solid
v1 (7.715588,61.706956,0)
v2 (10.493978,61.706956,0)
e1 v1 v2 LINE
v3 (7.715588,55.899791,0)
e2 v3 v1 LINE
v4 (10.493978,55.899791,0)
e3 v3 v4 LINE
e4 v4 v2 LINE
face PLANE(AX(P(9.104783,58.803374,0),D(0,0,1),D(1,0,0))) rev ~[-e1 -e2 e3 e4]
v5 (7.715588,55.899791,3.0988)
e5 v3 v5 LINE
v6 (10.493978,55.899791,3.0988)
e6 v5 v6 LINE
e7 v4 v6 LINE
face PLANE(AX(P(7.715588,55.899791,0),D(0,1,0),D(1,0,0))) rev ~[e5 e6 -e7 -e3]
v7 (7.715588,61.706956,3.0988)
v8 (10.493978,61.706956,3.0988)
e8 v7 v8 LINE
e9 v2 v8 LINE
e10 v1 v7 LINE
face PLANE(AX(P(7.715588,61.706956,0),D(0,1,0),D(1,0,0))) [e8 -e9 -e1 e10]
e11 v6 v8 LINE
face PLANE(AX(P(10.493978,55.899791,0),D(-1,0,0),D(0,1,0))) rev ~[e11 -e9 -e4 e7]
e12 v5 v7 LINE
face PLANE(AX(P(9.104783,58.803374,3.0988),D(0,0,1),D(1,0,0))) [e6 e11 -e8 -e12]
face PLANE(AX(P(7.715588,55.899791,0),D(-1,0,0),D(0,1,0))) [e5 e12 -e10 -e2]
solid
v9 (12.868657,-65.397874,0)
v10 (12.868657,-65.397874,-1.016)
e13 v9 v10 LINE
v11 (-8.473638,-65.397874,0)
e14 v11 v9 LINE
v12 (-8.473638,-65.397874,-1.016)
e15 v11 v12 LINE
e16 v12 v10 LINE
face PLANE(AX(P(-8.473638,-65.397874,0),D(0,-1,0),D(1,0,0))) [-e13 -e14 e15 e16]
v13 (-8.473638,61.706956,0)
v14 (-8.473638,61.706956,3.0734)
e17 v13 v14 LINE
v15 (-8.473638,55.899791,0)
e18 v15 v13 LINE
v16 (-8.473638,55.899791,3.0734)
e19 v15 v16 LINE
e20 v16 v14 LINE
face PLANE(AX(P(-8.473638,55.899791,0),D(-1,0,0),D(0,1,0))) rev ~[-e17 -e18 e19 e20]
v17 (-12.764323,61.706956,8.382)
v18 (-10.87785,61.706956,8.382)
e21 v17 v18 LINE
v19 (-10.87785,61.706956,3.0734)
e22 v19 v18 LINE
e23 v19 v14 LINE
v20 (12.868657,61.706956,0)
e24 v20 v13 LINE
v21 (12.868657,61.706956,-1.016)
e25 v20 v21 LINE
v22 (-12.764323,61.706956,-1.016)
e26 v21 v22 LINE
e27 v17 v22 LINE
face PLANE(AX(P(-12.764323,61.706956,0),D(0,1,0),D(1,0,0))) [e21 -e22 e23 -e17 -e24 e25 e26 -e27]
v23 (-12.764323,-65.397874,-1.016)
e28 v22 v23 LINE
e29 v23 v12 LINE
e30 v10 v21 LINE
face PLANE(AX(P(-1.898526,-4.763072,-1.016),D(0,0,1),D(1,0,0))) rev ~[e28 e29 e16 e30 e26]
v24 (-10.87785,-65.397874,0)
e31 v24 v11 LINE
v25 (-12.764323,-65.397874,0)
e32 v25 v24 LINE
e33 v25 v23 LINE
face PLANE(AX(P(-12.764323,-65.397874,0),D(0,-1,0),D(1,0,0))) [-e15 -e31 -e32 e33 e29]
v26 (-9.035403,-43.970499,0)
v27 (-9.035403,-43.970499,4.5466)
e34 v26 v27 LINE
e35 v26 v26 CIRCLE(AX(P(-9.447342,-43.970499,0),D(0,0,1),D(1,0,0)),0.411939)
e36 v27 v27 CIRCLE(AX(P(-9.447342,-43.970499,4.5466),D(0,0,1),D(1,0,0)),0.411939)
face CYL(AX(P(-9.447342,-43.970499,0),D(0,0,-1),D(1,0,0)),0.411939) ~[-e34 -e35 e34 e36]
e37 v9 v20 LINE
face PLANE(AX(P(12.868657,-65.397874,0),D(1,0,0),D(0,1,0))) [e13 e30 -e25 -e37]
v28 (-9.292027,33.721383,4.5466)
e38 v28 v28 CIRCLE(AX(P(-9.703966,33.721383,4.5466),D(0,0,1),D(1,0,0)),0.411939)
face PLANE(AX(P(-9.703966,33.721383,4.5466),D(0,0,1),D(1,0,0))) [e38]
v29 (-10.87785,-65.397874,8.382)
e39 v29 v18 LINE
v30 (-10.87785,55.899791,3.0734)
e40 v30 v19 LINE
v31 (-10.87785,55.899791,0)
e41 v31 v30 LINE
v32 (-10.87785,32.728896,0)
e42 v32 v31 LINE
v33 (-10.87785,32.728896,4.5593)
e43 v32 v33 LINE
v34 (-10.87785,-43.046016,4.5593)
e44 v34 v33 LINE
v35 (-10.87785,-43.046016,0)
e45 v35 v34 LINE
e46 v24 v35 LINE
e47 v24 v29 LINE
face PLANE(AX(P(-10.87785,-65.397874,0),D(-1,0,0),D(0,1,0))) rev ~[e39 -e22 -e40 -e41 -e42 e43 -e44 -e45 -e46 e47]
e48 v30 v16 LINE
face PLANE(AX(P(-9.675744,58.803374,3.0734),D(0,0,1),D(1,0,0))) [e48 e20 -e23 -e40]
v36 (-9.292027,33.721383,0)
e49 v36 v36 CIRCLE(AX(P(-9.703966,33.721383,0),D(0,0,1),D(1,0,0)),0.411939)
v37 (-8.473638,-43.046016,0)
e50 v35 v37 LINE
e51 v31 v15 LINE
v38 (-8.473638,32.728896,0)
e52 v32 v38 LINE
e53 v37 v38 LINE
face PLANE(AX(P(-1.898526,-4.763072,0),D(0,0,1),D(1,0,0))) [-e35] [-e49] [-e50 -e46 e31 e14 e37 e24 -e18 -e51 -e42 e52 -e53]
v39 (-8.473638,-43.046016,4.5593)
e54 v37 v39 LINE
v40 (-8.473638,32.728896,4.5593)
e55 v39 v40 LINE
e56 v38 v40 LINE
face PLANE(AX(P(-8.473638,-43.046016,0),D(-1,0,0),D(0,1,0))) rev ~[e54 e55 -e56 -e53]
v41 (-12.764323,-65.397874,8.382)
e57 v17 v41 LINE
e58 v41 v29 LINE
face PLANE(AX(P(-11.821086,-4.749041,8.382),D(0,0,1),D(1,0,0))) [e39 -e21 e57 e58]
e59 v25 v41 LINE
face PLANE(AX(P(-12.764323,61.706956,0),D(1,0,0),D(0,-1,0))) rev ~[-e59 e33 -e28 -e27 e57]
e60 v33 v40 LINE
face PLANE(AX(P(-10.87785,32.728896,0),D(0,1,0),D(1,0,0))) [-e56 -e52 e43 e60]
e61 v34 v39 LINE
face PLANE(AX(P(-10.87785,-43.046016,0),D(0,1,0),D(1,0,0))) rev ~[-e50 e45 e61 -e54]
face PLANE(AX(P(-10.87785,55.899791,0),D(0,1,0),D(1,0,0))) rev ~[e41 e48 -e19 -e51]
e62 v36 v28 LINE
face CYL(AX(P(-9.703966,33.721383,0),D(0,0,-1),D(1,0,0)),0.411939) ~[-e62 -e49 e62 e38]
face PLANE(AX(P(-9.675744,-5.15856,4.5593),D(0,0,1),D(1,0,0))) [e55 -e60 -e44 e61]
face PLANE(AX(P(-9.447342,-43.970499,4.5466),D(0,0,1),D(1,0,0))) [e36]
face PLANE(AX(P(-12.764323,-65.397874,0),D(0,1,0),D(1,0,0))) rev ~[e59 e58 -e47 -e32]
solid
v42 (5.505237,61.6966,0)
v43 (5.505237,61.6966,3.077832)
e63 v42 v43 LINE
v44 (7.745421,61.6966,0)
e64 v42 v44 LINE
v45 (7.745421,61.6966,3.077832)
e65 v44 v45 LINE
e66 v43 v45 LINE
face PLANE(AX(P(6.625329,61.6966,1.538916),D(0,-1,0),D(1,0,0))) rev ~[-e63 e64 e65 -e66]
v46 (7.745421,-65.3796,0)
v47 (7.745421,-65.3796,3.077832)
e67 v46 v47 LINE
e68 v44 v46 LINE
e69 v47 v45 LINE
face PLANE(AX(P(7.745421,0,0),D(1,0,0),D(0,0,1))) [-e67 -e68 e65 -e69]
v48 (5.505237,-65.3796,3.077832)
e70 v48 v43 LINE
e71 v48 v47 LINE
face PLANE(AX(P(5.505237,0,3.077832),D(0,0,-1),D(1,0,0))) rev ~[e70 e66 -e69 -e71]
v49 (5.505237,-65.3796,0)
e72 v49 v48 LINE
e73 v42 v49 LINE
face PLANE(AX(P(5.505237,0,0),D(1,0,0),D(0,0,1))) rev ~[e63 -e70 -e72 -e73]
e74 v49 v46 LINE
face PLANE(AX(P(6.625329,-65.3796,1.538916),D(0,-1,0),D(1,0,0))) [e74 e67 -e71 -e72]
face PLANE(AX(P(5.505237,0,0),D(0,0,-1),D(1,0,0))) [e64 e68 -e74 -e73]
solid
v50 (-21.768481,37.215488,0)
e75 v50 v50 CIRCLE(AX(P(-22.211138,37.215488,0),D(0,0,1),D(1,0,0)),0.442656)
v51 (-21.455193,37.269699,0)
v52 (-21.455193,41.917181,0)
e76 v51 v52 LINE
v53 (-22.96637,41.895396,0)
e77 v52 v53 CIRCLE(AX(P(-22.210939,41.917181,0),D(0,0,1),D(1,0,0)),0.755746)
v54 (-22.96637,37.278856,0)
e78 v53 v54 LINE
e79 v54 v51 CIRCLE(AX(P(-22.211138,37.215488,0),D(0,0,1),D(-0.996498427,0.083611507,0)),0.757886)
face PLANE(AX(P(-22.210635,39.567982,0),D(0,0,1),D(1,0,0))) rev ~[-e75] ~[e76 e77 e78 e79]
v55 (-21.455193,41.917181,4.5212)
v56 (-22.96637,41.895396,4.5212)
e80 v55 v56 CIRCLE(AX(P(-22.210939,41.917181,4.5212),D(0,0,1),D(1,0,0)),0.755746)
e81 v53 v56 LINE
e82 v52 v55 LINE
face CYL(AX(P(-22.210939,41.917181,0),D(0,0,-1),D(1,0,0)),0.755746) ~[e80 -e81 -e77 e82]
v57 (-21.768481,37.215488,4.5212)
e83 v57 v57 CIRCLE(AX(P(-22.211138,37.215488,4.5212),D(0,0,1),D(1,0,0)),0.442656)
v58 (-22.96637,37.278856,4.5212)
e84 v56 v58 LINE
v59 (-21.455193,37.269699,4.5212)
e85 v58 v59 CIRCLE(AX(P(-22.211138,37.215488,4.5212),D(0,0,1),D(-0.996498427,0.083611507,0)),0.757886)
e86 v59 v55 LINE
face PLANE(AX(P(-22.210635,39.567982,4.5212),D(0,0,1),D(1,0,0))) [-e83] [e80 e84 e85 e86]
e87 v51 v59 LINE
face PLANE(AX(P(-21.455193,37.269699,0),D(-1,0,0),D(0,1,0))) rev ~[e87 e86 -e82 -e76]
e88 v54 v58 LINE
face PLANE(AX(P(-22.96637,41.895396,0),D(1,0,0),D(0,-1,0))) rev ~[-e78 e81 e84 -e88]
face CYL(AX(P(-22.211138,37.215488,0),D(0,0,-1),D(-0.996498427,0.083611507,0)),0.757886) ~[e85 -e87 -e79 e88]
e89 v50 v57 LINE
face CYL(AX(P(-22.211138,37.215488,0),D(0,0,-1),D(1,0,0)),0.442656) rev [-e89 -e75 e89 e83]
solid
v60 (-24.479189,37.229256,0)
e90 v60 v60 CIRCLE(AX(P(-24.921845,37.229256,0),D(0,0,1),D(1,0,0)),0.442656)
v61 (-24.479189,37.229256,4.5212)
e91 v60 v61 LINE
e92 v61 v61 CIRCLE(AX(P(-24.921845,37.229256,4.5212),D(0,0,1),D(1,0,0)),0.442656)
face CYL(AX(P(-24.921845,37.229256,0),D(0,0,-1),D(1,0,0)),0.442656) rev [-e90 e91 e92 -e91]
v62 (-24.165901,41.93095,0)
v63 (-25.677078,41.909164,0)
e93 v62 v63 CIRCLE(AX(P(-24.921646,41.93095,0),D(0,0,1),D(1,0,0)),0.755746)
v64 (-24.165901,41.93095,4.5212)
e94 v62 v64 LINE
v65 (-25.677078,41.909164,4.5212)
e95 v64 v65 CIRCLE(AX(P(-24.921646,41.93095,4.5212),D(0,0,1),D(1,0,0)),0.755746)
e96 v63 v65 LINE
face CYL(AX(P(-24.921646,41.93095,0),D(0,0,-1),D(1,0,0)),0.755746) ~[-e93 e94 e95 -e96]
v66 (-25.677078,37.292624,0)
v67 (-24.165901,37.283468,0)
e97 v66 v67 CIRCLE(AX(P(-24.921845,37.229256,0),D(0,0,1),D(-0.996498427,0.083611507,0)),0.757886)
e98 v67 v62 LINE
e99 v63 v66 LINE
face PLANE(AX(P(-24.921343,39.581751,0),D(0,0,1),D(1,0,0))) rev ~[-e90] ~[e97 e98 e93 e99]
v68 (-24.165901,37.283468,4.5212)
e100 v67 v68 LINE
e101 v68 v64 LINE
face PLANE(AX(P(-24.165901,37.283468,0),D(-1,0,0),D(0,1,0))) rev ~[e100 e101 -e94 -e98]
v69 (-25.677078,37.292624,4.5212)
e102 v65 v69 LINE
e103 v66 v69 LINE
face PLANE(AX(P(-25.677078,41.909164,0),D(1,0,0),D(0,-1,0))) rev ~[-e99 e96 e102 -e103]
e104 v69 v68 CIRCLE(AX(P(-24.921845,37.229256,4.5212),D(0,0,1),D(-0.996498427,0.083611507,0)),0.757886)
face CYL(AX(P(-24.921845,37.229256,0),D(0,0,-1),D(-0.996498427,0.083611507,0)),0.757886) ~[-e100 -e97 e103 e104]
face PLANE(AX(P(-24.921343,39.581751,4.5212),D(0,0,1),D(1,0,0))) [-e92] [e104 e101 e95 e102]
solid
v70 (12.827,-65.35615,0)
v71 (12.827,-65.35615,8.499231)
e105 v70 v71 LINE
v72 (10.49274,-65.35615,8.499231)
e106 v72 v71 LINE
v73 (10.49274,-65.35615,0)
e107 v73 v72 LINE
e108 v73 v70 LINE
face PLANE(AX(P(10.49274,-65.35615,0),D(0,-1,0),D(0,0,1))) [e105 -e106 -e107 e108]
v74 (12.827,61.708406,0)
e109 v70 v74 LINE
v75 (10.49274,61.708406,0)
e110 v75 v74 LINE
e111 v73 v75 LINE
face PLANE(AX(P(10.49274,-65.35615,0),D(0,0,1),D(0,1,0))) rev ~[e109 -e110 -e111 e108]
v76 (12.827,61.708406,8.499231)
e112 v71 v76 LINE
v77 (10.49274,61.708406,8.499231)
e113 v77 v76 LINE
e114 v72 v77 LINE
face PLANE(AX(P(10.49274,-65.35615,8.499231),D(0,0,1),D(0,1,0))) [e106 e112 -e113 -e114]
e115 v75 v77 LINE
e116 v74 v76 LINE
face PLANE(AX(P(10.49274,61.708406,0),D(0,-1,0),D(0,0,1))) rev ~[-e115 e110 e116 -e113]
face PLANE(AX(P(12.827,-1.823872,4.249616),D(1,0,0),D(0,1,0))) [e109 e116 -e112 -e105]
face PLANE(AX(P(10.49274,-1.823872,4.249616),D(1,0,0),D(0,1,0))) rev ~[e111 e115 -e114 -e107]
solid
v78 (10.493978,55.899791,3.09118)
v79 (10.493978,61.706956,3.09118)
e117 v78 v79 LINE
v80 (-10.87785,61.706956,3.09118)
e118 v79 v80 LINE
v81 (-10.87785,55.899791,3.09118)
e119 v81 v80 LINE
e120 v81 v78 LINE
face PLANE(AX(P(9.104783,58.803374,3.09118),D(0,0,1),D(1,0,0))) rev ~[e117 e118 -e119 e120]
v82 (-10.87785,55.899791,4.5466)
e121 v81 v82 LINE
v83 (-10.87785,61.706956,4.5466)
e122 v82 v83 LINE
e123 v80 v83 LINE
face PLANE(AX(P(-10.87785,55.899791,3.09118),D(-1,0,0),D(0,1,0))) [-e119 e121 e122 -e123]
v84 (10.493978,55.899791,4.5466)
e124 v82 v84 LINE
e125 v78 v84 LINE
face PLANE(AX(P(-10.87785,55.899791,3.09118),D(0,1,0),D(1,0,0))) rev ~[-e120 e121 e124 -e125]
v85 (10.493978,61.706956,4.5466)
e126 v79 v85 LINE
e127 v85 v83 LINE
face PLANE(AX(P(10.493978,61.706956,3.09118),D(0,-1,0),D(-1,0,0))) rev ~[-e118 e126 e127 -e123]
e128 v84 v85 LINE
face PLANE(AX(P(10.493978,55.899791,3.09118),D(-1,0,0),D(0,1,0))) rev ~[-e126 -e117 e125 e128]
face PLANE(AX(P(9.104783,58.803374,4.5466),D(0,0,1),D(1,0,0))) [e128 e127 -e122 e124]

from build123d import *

# Parameters (mm, degrees)
F4_START      = 10.49274
F2_W          = 127.0645558834
F2_H          = 8.4992311895
F4_DEPTH      = 2.33426
F3_W          = 2.2401837632
F3_H          = 3.077831585
F5_DEPTH      = 65.3796
F5_DEPTH_BACK = 61.6966
F0_W          = 2.7783904225
F0_H          = 121.2976649404
F0_W_2        = 2.3746788502
F0_W_3        = 2.2473796271
F0_W_4        = 2.404211089
F0_H_2        = 75.7749117911
F0_W_5        = 13.9418463223
F0_H_3        = 5.8071650565
F0_H_4        = 16.4588093758
F0_H_5        = 15.6432054937
F0_W_6        = 1.8864730373
F0_R          = 0.4426564057
F0_R_2        = 0.4119393831
F6_DEPTH      = 1.016
F7_DEPTH      = 8.382
F8_DEPTH      = 4.5466
F9_DEPTH      = 4.5593
F1_R          = 0.4426564057
F10_DEPTH     = 4.5212
F11_START     = 3.09118
F11_DEPTH     = 1.45542
F12_DEPTH     = 3.0734
F13_DEPTH     = 3.0988


with BuildPart() as f4:
    # F2 (on Right) → F4 (new body)
    with BuildSketch(Plane.YZ.offset(F4_START)):
        with Locations((-1.8238723278, 4.2496155947)):
            Rectangle(F2_W, F2_H)
    extrude(amount=F4_DEPTH)


with BuildPart() as f5:
    # F3 (on Front) → F5 (new body, two sides)
    with BuildSketch(Plane.XZ) as f5_sk:
        with Locations((6.6253291443, 1.5389157925)):
            Rectangle(F3_W, F3_H)
    extrude(amount=F5_DEPTH)
    extrude(f5_sk.sketch, amount=-F5_DEPTH_BACK)


with BuildPart() as f6:
    # F0 (on Top) → F6 (new body)
    with BuildSketch(Plane.XY):
        Polygon((5.4682078771, 55.8997914195), (-8.4736384451, 55.8997914195), (-8.4736384451, 39.4409820437), (-10.8778495342, 39.4409820437), (-10.8778495342, 32.728895545), (-8.4736384451, 32.728895545), (-8.4736384451, -43.0460162461), (-10.8778495342, -43.0460162461), (-10.8778495342, -49.7546680272), (-8.4736384451, -49.7546680272), (-8.4736384451, -65.3978735209), (5.4682078771, -65.3978735209), align=None)
        with BuildLine():
            ThreePointArc((-10.2032869281, -44.0247099272), (-9.4427499575, -43.2126265159), (-8.69210988, -44.0338666908))
            Line((-8.69210988, -44.0338666908), (-8.69210988, -48.6504066161))
            ThreePointArc((-8.69210988, -48.6504066161), (-9.4366474908, -49.42785915), (-10.2032869281, -48.6721921138))
            Line((-10.2032869281, -48.6721921138), (-10.2032869281, -44.0247099272))
        make_face(mode=Mode.SUBTRACT)
        with BuildLine():
            ThreePointArc((-8.9480215684, 33.7755940855), (-9.708558539, 32.9635106741), (-10.4591986164, 33.784750849))
            Line((-10.4591986164, 33.784750849), (-10.4591986164, 38.4012907743))
            ThreePointArc((-10.4591986164, 38.4012907743), (-9.7146610056, 39.1787433082), (-8.9480215684, 38.423076272))
            Line((-8.9480215684, 38.423076272), (-8.9480215684, 33.7755940855))
        make_face(mode=Mode.SUBTRACT)
        with Locations((9.1047827154, -4.7490410507)):
            Rectangle(F0_W, F0_H)
        with Locations((11.6813173518, -4.7490410507)):
            Rectangle(F0_W_2, F0_H)
        with Locations((6.5918976907, -4.7490410507)):
            Rectangle(F0_W_3, F0_H)
        Polygon((-10.8778495342, 55.8997914195), (-12.7643225715, 55.8997914195), (-12.7643225715, -65.3978735209), (-10.8778495342, -65.3978735209), (-10.8778495342, -49.7546680272), (-10.8778495342, -43.0460162461), (-10.8778495342, 32.728895545), (-10.8778495342, 39.4409820437), align=None)
        with Locations((-9.6757439896, -5.1585603505)):
            Rectangle(F0_W_4, F0_H_2)
        with Locations((-1.502715284, 58.8033739477)):
            Rectangle(F0_W_5, F0_H_3)
        with Locations((-9.6757439896, 47.6703867316)):
            Rectangle(F0_W_4, F0_H_4)
        with Locations((-9.6757439896, -57.576270774)):
            Rectangle(F0_W_4, F0_H_5)
        with Locations((9.1047827154, 58.8033739477)):
            Rectangle(F0_W, F0_H_3)
        with Locations((-9.6757439896, 58.8033739477)):
            Rectangle(F0_W_4, F0_H_3)
        with Locations((11.6813173518, 58.8033739477)):
            Rectangle(F0_W_2, F0_H_3)
        with Locations((6.5918976907, 58.8033739477)):
            Rectangle(F0_W_3, F0_H_3)
        with Locations((-11.8210860528, 58.8033739477)):
            Rectangle(F0_W_6, F0_H_3)
        with BuildLine():
            Line((-10.4591986164, 38.4012907743), (-10.4591986164, 33.784750849))
            ThreePointArc((-10.4591986164, 33.784750849), (-9.708558539, 32.9635106741), (-8.9480215684, 33.7755940855))
            Line((-8.9480215684, 33.7755940855), (-8.9480215684, 38.423076272))
            ThreePointArc((-8.9480215684, 38.423076272), (-9.7146610056, 39.1787433082), (-10.4591986164, 38.4012907743))
        make_face()
        with Locations((-9.7039663198, 33.7213828511)):
            Circle(F0_R, mode=Mode.SUBTRACT)
        with BuildLine():
            Line((-8.69210988, -48.6504066161), (-8.69210988, -44.0338666908))
            ThreePointArc((-8.69210988, -44.0338666908), (-9.4427499575, -43.2126265159), (-10.2032869281, -44.0247099272))
            Line((-10.2032869281, -44.0247099272), (-10.2032869281, -48.6721921138))
            ThreePointArc((-10.2032869281, -48.6721921138), (-9.4366474908, -49.42785915), (-8.69210988, -48.6504066161))
        make_face()
        with Locations((-9.4473421767, -43.9704986929)):
            Circle(F0_R, mode=Mode.SUBTRACT)
        with Locations((-9.7039663198, 33.7213828511)):
            Circle(F0_R)
        with Locations((-9.7039663198, 33.7213828511)):
            Circle(F0_R_2, mode=Mode.SUBTRACT)
        with Locations((-9.4473421767, -43.9704986929)):
            Circle(F0_R)
        with Locations((-9.4473421767, -43.9704986929)):
            Circle(F0_R_2, mode=Mode.SUBTRACT)
        with Locations((-9.7039663198, 33.7213828511)):
            Circle(F0_R_2)
        with Locations((-9.4473421767, -43.9704986929)):
            Circle(F0_R_2)
    extrude(amount=-F6_DEPTH)

    # F0 (on Top) → F7 (join)
    with BuildSketch(Plane.XY):
        Polygon((-10.8778495342, 55.8997914195), (-12.7643225715, 55.8997914195), (-12.7643225715, -65.3978735209), (-10.8778495342, -65.3978735209), (-10.8778495342, -49.7546680272), (-10.8778495342, -43.0460162461), (-10.8778495342, 32.728895545), (-10.8778495342, 39.4409820437), align=None)
        with Locations((-11.8210860528, 58.8033739477)):
            Rectangle(F0_W_6, F0_H_3)
    extrude(amount=F7_DEPTH)

    # F0 (on Top) → F8 (join)
    with BuildSketch(Plane.XY):
        with Locations((-9.4473421767, -43.9704986929)):
            Circle(F0_R_2)
        with Locations((-9.7039663198, 33.7213828511)):
            Circle(F0_R_2)
    extrude(amount=F8_DEPTH)

    # F0 (on Top) → F9 (join)
    with BuildSketch(Plane.XY):
        with Locations((-9.6757439896, -5.1585603505)):
            Rectangle(F0_W_4, F0_H_2)
    extrude(amount=F9_DEPTH)

    # F0 (on Top) → F12 (join)
    with BuildSketch(Plane.XY):
        with Locations((-9.6757439896, 58.8033739477)):
            Rectangle(F0_W_4, F0_H_3)
    extrude(amount=F12_DEPTH)


with BuildPart() as f10:
    # F1 (on Top) → F10 (new body)
    with BuildSketch(Plane.XY):
        with BuildLine():
            Line((-22.9663701724, 41.8953957223), (-22.9663701724, 37.278855797))
            ThreePointArc((-22.9663701724, 37.278855797), (-22.215730095, 36.4576156221), (-21.4551931244, 37.2696990334))
            Line((-21.4551931244, 37.2696990334), (-21.4551931244, 41.91718122))
            ThreePointArc((-21.4551931244, 41.91718122), (-22.2218325616, 42.6728482562), (-22.9663701724, 41.8953957223))
        make_face()
        with Locations((-22.2111378758, 37.2154877991)):
            Circle(F1_R, mode=Mode.SUBTRACT)
    extrude(amount=F10_DEPTH)


with BuildPart() as f10b:
    # F1 (on Top) → F10, piece 2 (new body)
    with BuildSketch(Plane.XY):
        with BuildLine():
            Line((-25.6770776581, 41.9091643952), (-25.6770776581, 37.2926244699))
            ThreePointArc((-25.6770776581, 37.2926244699), (-24.9264375807, 36.471384295), (-24.16590061, 37.2834677063))
            Line((-24.16590061, 37.2834677063), (-24.16590061, 41.9309498929))
            ThreePointArc((-24.16590061, 41.9309498929), (-24.9325400473, 42.6866169291), (-25.6770776581, 41.9091643952))
        make_face()
        with Locations((-24.9218453614, 37.229256472)):
            Circle(F1_R, mode=Mode.SUBTRACT)
    extrude(amount=F10_DEPTH)


with BuildPart() as f11:
    # F0 (on Top) → F11 (new body)
    with BuildSketch(Plane.XY.offset(F11_START)):
        with Locations((9.1047827154, 58.8033739477)):
            Rectangle(F0_W, F0_H_3)
        with Locations((6.5918976907, 58.8033739477)):
            Rectangle(F0_W_3, F0_H_3)
        with Locations((-1.502715284, 58.8033739477)):
            Rectangle(F0_W_5, F0_H_3)
        with Locations((-9.6757439896, 58.8033739477)):
            Rectangle(F0_W_4, F0_H_3)
    extrude(amount=F11_DEPTH)


with BuildPart() as f13:
    # F0 (on Top) → F13 (new body)
    with BuildSketch(Plane.XY):
        with Locations((9.1047827154, 58.8033739477)):
            Rectangle(F0_W, F0_H_3)
    extrude(amount=F13_DEPTH)


solid = Compound([f4.part, f5.part, f6.part, f10.part, f10b.part, f11.part, f13.part])
